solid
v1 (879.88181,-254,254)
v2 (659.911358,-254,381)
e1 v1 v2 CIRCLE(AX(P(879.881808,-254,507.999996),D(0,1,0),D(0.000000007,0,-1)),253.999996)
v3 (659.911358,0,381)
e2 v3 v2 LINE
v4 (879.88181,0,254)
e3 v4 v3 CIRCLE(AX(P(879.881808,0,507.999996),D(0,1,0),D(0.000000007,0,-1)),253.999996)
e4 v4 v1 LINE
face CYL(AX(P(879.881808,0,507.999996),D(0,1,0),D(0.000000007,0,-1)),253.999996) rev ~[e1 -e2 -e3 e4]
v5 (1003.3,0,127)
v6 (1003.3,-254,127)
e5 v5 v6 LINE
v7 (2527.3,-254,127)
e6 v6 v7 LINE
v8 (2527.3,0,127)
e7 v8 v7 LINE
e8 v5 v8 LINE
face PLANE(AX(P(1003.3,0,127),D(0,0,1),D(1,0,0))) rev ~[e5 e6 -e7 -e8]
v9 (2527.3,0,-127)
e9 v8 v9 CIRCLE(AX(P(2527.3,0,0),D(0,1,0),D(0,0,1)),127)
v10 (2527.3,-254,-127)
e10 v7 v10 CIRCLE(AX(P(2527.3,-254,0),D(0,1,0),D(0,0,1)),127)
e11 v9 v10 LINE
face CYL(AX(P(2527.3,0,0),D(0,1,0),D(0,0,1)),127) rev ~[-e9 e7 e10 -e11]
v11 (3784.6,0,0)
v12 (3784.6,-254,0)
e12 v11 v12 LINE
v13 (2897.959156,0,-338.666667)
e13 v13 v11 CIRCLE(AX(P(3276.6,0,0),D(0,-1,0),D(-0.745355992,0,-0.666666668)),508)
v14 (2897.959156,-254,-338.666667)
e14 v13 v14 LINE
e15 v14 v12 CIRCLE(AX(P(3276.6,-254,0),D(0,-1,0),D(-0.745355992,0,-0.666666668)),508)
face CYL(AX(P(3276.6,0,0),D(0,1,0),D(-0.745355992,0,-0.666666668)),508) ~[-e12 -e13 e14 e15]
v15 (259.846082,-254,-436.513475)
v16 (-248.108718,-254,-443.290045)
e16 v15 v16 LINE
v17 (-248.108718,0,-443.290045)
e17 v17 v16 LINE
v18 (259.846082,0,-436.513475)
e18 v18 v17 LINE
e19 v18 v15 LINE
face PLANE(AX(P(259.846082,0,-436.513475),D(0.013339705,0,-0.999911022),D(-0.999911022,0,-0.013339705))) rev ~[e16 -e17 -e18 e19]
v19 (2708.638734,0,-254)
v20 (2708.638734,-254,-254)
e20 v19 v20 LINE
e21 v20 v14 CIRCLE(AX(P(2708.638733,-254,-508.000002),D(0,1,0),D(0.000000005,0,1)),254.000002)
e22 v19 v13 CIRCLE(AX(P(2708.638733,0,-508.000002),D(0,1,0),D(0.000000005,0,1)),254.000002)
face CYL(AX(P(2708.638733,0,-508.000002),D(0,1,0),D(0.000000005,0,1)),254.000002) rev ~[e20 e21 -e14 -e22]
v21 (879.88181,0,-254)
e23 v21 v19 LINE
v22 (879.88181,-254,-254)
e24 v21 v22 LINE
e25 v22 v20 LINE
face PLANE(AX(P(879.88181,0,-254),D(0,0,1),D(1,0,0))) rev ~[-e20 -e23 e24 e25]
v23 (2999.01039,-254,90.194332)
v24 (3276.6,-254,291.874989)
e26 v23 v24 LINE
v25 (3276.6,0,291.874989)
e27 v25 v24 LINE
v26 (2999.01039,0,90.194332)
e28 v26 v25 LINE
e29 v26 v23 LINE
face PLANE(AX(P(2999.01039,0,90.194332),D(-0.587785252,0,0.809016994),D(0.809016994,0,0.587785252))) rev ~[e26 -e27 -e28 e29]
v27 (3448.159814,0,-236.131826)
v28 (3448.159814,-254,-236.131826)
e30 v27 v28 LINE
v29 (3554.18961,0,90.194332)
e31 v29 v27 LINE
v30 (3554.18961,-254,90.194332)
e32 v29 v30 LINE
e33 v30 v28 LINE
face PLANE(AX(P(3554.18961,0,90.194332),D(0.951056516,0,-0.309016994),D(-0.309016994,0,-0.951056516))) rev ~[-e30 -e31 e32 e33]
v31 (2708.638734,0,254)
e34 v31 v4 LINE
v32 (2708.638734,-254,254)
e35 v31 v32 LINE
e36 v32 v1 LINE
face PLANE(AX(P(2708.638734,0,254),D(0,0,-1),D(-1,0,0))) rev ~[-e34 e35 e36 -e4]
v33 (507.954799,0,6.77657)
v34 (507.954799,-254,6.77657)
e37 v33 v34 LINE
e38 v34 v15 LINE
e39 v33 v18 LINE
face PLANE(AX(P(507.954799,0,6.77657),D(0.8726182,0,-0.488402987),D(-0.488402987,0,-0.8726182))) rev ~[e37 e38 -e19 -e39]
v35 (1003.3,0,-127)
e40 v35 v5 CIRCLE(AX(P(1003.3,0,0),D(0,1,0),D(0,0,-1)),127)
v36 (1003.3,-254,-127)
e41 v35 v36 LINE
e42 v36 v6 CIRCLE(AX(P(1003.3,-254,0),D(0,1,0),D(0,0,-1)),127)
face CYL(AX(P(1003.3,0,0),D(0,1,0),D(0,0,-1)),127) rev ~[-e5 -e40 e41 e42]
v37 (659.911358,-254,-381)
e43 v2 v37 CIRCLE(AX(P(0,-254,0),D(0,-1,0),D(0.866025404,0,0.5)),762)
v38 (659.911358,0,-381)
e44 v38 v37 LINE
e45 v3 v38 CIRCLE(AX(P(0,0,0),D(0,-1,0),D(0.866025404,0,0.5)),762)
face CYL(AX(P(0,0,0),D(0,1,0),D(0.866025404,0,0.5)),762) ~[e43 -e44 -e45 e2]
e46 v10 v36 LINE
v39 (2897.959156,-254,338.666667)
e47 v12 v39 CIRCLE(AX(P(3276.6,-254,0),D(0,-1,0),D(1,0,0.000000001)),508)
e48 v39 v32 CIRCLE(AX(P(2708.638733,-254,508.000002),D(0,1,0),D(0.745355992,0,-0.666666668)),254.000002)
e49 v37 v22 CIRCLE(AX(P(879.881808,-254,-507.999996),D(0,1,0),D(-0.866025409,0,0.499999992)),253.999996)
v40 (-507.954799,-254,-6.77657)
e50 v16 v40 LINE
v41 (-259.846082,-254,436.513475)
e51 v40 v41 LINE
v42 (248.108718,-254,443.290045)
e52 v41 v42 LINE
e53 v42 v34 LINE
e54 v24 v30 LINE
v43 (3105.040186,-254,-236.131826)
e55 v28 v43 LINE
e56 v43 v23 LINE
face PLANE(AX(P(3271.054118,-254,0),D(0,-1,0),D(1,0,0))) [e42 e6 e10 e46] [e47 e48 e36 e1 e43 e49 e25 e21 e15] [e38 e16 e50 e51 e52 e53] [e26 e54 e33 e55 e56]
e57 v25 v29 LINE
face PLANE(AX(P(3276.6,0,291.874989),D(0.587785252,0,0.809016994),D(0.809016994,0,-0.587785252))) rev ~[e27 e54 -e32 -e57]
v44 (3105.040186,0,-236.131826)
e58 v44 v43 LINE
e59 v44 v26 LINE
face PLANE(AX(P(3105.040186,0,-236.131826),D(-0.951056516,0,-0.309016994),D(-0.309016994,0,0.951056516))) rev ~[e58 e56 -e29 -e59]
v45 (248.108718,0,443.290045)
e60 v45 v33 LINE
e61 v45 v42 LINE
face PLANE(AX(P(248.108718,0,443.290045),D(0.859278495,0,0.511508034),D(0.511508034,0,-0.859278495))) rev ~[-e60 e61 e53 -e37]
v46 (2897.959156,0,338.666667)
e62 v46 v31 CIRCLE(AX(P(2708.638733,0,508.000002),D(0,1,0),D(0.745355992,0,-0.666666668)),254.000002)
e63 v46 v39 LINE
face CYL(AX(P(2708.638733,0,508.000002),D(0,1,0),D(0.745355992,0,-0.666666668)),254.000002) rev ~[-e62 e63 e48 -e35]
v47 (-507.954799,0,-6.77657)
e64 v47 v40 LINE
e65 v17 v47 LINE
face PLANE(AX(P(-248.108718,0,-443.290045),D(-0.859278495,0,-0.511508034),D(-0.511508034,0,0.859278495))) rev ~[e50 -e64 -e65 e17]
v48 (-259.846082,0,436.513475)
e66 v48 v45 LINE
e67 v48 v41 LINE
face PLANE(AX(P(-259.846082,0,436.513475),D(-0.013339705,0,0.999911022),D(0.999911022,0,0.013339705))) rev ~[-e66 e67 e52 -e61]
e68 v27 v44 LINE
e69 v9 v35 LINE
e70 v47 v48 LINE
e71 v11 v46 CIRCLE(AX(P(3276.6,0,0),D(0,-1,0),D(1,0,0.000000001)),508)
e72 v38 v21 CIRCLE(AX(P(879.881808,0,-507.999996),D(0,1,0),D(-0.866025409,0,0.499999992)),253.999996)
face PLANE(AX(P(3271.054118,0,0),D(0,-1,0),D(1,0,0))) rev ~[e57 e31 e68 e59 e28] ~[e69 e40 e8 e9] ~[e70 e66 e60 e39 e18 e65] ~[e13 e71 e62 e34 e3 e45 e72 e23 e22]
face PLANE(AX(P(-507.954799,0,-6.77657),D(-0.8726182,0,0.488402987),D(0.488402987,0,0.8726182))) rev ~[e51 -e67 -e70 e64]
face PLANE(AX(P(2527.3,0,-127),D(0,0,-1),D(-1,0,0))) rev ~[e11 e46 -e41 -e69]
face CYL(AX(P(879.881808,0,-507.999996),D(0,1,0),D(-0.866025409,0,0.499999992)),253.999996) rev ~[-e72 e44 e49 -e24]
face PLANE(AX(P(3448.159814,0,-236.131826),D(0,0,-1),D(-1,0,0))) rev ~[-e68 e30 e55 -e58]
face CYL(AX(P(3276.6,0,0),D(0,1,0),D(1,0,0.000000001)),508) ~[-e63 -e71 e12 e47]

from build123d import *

# Parameters (mm, degrees)
F1_DEPTH = 254


with BuildPart() as f1:
    # F0 (on Front) → F1 (new body)
    with BuildSketch(Plane.XZ):
        with BuildLine():
            ThreePointArc((3784.6, 0), (3457.865622, 474.559558), (2897.959156, 338.666667))
            ThreePointArc((2897.959156, 338.666667), (2768.6, 0), (2897.959156, -338.666667))
            ThreePointArc((2897.959156, -338.666667), (3457.865622, -474.559558), (3784.6, 0))
        make_face()
        Polygon((2999.01039, 90.194332), (3276.6, 291.874989), (3554.18961, 90.194332), (3448.159814, -236.131826), (3105.040186, -236.131826), align=None, mode=Mode.SUBTRACT)
        with BuildLine():
            ThreePointArc((659.911358, 381), (736.03548, 197.220112), (762, 0))
            ThreePointArc((762, 0), (736.03548, -197.220112), (659.911358, -381))
            ThreePointArc((659.911358, -381), (752.88181, -288.029547), (879.88181, -254))
            Line((879.88181, -254), (1765.3, -254))
            Line((1765.3, -254), (2708.638734, -254))
            ThreePointArc((2708.638734, -254), (2812.333799, -276.130784), (2897.959156, -338.666667))
            ThreePointArc((2897.959156, -338.666667), (2768.6, 0), (2897.959156, 338.666667))
            ThreePointArc((2897.959156, 338.666667), (2812.333799, 276.130784), (2708.638734, 254))
            Line((2708.638734, 254), (1765.3, 254))
            Line((1765.3, 254), (879.88181, 254))
            ThreePointArc((879.88181, 254), (752.88181, 288.029547), (659.911358, 381))
        make_face()
        with BuildLine():
            Line((1003.3, 127), (1765.3, 127))
            Line((1765.3, 127), (2527.3, 127))
            ThreePointArc((2527.3, 127), (2654.3, 0), (2527.3, -127))
            Line((2527.3, -127), (1003.3, -127))
            ThreePointArc((1003.3, -127), (876.3, 0), (1003.3, 127))
        make_face(mode=Mode.SUBTRACT)
        with BuildLine():
            ThreePointArc((659.911358, -381), (736.03548, -197.220112), (762, 0))
            ThreePointArc((762, 0), (736.03548, 197.220112), (659.911358, 381))
            ThreePointArc((659.911358, 381), (-762, 0), (659.911358, -381))
        make_face()
        Polygon((-259.846082, 436.513475), (248.108718, 443.290045), (507.954799, 6.77657), (259.846082, -436.513475), (-248.108718, -443.290045), (-507.954799, -6.77657), align=None, mode=Mode.SUBTRACT)
    extrude(amount=F1_DEPTH)


solid = f1.part
